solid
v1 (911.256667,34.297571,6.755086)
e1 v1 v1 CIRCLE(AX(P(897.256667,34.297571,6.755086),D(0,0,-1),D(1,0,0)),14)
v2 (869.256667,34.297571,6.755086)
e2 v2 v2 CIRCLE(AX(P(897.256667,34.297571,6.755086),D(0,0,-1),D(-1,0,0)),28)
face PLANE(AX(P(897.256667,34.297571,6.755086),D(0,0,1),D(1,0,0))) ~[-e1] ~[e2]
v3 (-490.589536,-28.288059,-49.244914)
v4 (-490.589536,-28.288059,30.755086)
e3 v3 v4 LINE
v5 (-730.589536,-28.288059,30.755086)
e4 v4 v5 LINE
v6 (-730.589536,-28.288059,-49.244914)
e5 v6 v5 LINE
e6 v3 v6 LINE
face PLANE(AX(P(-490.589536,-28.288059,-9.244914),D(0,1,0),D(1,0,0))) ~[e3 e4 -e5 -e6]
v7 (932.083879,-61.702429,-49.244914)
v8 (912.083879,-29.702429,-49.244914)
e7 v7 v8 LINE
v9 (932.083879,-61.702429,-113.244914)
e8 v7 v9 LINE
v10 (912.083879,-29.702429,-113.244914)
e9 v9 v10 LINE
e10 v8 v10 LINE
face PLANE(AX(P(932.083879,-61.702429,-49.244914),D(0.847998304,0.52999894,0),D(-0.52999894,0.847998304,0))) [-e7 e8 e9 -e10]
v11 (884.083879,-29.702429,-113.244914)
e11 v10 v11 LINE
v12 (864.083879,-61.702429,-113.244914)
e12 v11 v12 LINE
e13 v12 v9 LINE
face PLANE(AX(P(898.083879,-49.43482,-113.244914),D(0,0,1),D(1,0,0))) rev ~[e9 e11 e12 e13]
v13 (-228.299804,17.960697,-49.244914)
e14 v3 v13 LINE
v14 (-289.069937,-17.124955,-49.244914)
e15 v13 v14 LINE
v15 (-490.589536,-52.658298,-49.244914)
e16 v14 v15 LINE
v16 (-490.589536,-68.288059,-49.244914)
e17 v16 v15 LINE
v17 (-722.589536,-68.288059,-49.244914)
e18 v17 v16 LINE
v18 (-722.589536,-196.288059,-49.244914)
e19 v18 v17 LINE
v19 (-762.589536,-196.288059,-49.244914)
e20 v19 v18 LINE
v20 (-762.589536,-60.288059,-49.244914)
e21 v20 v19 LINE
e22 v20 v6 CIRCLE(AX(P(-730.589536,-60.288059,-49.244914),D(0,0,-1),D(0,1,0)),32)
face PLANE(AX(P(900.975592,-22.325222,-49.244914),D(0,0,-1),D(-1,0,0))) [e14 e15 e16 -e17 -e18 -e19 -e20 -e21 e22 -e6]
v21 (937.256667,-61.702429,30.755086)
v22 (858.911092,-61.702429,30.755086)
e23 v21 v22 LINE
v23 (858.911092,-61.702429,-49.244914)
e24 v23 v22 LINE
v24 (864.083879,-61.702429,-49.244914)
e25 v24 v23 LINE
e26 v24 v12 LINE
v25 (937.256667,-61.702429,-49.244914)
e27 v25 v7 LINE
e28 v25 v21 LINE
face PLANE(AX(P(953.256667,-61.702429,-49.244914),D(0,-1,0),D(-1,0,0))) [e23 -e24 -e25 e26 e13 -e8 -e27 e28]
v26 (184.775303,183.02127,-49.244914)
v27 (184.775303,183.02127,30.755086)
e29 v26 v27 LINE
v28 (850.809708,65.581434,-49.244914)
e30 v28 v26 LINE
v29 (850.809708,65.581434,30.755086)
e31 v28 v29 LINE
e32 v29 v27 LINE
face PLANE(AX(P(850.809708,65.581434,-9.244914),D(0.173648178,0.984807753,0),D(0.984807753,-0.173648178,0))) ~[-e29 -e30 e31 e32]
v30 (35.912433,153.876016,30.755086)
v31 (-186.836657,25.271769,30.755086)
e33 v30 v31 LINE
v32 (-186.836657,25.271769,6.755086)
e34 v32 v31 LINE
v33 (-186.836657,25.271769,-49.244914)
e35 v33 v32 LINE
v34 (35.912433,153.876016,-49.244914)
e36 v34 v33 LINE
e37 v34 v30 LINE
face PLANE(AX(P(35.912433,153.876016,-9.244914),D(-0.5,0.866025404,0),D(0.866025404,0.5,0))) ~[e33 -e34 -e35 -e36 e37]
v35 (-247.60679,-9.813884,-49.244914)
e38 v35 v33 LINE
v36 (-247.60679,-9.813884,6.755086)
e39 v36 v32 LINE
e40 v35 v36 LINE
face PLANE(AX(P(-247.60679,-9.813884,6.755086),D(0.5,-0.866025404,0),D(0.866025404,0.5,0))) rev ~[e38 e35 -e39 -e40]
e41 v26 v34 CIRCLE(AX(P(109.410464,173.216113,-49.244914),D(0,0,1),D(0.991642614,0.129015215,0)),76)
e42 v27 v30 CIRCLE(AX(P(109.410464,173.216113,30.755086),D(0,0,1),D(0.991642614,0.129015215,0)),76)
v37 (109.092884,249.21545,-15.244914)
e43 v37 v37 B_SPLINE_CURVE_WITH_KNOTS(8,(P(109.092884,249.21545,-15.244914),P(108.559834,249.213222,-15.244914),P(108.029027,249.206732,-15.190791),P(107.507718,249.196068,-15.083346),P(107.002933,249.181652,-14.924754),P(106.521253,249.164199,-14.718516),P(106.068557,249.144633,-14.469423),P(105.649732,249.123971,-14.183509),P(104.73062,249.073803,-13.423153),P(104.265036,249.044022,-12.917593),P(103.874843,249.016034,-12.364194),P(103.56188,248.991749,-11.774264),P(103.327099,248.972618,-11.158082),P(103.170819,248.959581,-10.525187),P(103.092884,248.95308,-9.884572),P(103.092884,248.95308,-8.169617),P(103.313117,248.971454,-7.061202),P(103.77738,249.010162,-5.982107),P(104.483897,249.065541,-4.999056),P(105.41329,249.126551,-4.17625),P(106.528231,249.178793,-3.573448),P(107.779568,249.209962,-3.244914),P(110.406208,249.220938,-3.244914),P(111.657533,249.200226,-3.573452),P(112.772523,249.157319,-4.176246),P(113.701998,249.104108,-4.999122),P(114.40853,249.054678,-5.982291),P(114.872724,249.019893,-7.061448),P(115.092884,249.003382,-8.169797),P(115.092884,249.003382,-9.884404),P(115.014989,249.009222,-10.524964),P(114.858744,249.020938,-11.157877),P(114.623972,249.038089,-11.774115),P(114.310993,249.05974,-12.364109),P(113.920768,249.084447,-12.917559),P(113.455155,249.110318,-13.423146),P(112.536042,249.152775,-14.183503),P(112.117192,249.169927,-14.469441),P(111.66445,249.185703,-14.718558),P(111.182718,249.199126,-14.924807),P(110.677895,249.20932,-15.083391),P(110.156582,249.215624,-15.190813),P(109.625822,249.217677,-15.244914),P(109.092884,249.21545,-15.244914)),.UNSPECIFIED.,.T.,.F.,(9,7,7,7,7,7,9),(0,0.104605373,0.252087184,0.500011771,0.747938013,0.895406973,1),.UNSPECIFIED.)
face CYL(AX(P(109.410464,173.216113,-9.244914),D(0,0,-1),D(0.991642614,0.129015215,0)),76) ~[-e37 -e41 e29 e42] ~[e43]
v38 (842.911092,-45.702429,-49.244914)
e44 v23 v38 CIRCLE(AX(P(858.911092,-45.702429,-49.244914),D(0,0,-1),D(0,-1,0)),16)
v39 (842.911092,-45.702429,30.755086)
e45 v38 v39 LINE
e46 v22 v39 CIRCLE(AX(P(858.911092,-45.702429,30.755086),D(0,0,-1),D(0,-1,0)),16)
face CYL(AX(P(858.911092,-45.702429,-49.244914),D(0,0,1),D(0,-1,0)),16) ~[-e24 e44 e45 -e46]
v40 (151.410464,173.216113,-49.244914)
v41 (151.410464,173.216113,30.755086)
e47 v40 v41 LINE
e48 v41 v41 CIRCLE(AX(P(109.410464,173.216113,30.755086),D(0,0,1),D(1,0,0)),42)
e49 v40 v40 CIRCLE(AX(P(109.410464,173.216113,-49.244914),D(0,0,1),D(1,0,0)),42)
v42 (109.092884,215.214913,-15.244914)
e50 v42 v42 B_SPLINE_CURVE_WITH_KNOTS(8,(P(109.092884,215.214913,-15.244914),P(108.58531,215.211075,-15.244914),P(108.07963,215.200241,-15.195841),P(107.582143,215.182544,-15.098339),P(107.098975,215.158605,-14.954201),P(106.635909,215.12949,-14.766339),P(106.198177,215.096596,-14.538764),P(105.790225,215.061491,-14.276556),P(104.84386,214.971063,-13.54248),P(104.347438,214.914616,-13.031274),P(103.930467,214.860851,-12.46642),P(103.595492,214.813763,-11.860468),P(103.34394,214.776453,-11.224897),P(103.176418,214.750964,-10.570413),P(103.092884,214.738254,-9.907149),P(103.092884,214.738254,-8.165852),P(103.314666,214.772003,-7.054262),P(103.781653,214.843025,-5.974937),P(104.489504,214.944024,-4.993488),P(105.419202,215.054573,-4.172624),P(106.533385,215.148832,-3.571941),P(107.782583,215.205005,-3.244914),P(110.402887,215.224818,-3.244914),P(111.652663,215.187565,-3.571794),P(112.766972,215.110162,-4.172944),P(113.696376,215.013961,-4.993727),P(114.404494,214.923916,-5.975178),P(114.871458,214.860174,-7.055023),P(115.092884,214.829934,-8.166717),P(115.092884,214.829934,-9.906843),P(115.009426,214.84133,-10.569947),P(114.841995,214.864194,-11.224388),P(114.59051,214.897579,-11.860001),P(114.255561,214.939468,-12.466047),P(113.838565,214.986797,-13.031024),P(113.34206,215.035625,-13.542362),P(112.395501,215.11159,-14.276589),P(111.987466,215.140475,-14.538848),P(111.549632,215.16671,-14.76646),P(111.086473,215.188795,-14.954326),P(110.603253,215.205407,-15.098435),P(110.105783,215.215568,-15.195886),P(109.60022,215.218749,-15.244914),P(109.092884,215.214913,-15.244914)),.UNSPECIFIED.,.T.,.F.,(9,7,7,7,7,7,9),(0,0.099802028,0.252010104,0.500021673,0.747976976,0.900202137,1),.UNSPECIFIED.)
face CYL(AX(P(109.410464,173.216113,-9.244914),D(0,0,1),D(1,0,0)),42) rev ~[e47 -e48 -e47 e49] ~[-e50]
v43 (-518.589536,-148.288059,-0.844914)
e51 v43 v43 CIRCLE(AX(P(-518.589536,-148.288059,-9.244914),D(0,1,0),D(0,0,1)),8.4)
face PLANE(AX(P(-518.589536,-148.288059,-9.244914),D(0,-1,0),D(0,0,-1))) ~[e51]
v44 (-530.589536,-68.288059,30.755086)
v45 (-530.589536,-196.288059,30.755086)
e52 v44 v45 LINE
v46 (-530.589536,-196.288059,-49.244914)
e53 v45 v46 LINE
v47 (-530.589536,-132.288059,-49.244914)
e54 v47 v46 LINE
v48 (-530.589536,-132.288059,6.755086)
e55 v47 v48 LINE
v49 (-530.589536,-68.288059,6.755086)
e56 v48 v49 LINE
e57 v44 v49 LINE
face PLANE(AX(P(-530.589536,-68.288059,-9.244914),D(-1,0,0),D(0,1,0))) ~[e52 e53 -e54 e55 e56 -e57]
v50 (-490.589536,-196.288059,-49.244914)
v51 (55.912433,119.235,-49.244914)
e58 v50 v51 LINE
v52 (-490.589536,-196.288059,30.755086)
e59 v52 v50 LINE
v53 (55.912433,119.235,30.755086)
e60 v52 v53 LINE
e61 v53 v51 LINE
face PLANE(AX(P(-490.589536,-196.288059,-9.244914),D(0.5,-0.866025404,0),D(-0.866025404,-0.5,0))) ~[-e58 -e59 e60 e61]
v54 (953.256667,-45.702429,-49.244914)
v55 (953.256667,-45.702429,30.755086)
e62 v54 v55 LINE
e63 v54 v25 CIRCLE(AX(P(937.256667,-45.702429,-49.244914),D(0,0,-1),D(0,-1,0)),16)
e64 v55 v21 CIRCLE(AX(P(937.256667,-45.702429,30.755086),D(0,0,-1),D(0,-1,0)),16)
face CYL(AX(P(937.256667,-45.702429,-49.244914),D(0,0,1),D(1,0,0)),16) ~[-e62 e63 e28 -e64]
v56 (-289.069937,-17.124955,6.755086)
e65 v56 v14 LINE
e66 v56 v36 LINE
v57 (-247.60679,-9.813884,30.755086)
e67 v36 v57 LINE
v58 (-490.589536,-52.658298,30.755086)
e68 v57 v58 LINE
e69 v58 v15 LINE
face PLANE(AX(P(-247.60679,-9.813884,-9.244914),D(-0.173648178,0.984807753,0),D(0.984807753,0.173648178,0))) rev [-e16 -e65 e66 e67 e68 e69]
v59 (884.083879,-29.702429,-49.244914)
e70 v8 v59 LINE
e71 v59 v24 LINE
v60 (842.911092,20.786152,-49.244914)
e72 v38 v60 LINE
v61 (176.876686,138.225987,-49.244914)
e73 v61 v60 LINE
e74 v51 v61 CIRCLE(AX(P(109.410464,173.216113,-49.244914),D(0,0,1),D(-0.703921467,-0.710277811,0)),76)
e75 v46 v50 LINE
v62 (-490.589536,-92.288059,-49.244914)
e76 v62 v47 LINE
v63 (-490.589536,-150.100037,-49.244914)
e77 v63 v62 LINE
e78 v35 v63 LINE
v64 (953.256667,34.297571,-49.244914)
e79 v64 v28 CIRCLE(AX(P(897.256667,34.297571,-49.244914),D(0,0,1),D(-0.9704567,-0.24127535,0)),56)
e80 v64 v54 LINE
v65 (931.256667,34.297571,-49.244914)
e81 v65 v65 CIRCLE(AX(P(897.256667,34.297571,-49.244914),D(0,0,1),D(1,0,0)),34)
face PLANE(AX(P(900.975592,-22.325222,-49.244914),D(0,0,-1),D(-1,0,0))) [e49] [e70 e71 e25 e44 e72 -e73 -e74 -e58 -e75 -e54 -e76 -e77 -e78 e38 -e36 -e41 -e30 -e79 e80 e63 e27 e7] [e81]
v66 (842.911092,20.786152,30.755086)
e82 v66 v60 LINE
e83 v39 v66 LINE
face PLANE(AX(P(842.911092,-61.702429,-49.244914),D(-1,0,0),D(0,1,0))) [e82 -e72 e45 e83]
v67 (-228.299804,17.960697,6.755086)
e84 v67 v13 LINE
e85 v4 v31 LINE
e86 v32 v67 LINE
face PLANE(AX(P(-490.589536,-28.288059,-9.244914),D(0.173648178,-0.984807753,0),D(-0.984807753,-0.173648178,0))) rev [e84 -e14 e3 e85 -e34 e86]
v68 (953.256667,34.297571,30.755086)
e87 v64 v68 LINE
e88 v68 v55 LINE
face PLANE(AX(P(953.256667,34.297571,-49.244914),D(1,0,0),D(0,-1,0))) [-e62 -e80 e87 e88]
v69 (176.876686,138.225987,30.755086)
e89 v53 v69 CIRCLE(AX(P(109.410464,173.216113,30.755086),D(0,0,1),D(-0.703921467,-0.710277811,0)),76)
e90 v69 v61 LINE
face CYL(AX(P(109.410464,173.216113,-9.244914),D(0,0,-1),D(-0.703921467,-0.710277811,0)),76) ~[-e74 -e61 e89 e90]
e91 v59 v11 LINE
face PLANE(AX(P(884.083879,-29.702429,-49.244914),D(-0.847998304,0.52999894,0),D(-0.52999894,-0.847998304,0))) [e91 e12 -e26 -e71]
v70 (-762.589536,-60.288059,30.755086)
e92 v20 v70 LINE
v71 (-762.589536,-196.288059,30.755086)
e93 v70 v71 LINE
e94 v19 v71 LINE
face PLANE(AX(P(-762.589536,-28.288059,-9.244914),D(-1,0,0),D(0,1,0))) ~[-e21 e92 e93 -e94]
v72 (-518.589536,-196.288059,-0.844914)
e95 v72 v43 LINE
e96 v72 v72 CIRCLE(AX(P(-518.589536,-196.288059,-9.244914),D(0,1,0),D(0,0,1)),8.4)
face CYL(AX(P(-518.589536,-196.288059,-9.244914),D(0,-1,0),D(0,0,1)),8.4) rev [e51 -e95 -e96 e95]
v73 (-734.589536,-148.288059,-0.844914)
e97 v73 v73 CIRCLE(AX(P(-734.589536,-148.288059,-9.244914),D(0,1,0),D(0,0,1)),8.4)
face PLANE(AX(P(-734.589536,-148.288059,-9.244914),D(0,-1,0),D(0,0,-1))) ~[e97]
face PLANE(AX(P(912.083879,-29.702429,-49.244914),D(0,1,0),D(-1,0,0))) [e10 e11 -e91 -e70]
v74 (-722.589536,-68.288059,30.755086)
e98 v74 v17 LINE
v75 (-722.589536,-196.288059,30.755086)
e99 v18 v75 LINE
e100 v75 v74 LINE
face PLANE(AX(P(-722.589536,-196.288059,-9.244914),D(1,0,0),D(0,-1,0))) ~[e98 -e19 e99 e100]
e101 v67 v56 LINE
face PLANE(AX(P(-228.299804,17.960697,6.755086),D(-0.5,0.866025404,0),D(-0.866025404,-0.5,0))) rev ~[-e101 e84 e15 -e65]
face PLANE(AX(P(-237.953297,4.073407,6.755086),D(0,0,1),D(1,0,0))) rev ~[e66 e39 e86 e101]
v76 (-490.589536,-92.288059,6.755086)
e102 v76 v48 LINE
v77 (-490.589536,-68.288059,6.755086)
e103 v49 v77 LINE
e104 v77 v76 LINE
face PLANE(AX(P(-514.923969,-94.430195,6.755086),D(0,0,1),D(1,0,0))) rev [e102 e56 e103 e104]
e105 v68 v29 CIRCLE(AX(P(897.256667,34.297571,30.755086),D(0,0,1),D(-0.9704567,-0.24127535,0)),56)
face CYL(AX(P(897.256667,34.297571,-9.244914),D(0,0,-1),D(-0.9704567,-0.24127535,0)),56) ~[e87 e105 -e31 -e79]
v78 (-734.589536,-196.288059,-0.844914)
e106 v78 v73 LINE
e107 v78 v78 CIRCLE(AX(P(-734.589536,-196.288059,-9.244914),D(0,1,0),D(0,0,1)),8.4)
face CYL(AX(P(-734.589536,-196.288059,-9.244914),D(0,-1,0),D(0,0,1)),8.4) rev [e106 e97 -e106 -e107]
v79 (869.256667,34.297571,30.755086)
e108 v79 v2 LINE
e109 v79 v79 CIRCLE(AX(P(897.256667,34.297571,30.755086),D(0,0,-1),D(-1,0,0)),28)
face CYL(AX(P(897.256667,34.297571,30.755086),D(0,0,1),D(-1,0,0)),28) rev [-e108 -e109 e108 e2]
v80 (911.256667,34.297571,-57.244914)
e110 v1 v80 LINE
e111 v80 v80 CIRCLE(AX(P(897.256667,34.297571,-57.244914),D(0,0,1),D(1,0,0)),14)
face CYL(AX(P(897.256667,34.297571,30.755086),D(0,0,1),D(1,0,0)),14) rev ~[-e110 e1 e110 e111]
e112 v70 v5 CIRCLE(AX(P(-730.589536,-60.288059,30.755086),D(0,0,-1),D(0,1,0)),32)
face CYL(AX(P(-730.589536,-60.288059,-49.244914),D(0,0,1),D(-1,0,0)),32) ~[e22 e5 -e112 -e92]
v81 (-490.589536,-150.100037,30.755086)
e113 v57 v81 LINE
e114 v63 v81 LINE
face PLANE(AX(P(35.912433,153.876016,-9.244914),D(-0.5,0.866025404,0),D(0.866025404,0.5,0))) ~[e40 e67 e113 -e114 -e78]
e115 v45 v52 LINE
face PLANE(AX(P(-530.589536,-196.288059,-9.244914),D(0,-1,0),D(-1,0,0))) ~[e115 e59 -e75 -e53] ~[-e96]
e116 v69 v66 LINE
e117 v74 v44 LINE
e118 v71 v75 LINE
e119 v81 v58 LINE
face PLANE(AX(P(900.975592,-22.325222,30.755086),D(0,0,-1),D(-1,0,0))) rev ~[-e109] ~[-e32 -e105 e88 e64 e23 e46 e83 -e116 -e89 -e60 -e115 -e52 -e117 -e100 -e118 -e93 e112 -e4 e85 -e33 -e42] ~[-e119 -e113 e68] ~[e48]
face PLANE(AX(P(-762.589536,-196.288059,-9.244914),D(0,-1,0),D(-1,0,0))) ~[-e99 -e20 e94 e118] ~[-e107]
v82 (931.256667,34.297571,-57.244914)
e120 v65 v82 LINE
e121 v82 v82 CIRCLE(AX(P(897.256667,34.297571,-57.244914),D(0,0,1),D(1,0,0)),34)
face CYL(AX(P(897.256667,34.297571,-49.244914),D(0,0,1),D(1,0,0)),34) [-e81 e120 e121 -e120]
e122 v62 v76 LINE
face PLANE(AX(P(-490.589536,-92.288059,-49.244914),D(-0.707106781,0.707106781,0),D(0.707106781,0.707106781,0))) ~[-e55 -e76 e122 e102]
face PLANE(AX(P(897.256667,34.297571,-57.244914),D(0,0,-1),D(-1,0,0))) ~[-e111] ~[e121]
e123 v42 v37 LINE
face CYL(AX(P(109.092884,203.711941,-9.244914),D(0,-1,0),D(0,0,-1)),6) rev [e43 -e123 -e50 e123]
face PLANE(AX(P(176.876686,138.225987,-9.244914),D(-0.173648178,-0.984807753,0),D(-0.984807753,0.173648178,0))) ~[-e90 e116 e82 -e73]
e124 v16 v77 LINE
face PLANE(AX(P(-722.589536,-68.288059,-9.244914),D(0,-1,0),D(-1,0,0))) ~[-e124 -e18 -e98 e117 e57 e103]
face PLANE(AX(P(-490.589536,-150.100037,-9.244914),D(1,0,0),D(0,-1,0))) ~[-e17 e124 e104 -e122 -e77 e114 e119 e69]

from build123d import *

# Parameters (mm, degrees)
SKICA1_R                 = 5.25
P_IDAT_VYSUNUT_M1_DEPTH  = 5
ZAOBLIT1_R               = 4
P_IDAT_VYSUNUT_M3_DEPTH  = 5
SKICA5_R                 = 4.25
SKICA5_R_2               = 1.75
P_IDAT_VYSUNUT_M4_DEPTH  = 1
SKICA8_R                 = 1.05
ODEBRAT_VYSUNUT_M3_DEPTH = 6
ODEBRAT_VYSUNUT_M4_DEPTH = 7
ODEBRAT_START            = -10
SKICA2_R                 = 1.75
ODEBRAT_VYSUNUT_M5_DEPTH = 10
SKICA10_R                = 3.5
ODEBRAT_VYSUNUT_M6_DEPTH = 3
ODEBRAT_START_2          = 50
SKICA11_R                = 0.75
ODEBRAT_VYSUNUT_M7_DEPTH = 10
P_IDAT_VYSUNUT_M5_DEPTH  = 10
P_IDAT_VYSUNUT_M6_DEPTH  = 8
ZAOBLIT2_R               = 2
ODEBRAT_START_3          = -7
ODEBRAT_VYSUNUT_M8_DEPTH = 7
SCALE1_SCALE             = 8


with BuildPart() as part:
    # Skica1 → Přidat vysunutím1 (new, symmetric)
    with BuildSketch(Plane.XY):
        with BuildLine():
            Line((0, 0), (0, 16))
            Line((0, 16), (24, 16))
            Line((24, 16), (24, 0))
            Line((24, 0), (29, 0))
            Line((29, 0), (97.312746067, 39.440382331))
            ThreePointArc((97.312746067, 39.440382331), (105.473420704, 36.802978572), (112.433277726, 41.81425579))
            Line((112.433277726, 41.81425579), (195.687578405, 27.134276321))
            ThreePointArc((195.687578405, 27.134276321), (209.374429572, 27.607666525), (196.674905514, 32.733686604))
            Line((196.674905514, 32.733686604), (113.420604835, 47.413666074))
            ThreePointArc((113.420604835, 47.413666074), (102.174688824, 55.511016714), (94.812746067, 43.77050935))
            Line((94.812746067, 43.77050935), (29, 5.773502692))
            Line((29, 5.773502692), (29, 21))
            Line((29, 21), (-5, 21))
            Line((-5, 21), (-5, 0))
            Line((-5, 0), (0, 0))
        make_face()
        with Locations((104, 46.188021535)):
            Circle(SKICA1_R, mode=Mode.SUBTRACT)
    extrude(amount=P_IDAT_VYSUNUT_M1_DEPTH, both=True)

    # Zaoblit1
    zaoblit1_edges = [part.edges().sort_by_distance(p)[0] for p in [
        (-5, 21, 0),
    ]]
    fillet(zaoblit1_edges, radius=ZAOBLIT1_R)

    # Skica4 → Přidat vysunutím3 (add, symmetric)
    with BuildSketch(Plane.XY):
        Polygon((29, 21), (66.969109888, 27.694978507), (59.37284323, 23.309271907), (29, 17.953720164), align=None)
    extrude(amount=P_IDAT_VYSUNUT_M3_DEPTH, both=True)

    # Skica5 → Přidat vysunutím4 (add)
    with BuildSketch(Plane.XY.offset(5)):
        with Locations((202.480775301, 28.823203768)):
            Circle(SKICA5_R)
        with Locations((202.480775301, 28.823203768)):
            Circle(SKICA5_R_2, mode=Mode.SUBTRACT)
    extrude(amount=P_IDAT_VYSUNUT_M4_DEPTH)

    # Skica8 → Odebrat vysunutím3 (cut)
    with BuildSketch(Plane.XZ):
        with Locations(Location((-1.5, 0, 0), (0, 0, 270))):
            Circle(SKICA8_R)
        with Locations(Location((25.5, 0, 0), (0, 0, 270))):
            Circle(SKICA8_R)
    extrude(amount=-ODEBRAT_VYSUNUT_M3_DEPTH, mode=Mode.SUBTRACT)

    # Skica9 → Odebrat vysunutím4 (cut)
    with BuildSketch(Plane.XY.offset(5)):
        Polygon((24, 16), (29, 16), (29, 13), (24, 8), align=None)
    extrude(amount=-ODEBRAT_VYSUNUT_M4_DEPTH, mode=Mode.SUBTRACT)

    # Skica2 → Odebrat vysunutím5 (cut)
    with BuildSketch(Plane.XY.offset(5).offset(ODEBRAT_START)):
        with Locations((202.480775301, 28.823203768)):
            Circle(SKICA2_R)
    extrude(amount=ODEBRAT_VYSUNUT_M5_DEPTH, mode=Mode.SUBTRACT)

    # Skica10 → Odebrat vysunutím6 (cut)
    with BuildSketch(Plane(origin=(0, 0, -5), x_dir=(-1, 0, 0), z_dir=(0, 0, -1))):
        with Locations((-202.480775301, 28.823203768)):
            Circle(SKICA10_R)
    extrude(amount=-ODEBRAT_VYSUNUT_M6_DEPTH, mode=Mode.SUBTRACT)


with BuildPart() as body_2:
    # Zrcadlit1: mirrored copy
    add(part.part.mirror(Plane(origin=(93.65445241, 28.310869093, -5), x_dir=(1, 0, 0), z_dir=(0, 0, -1))))

    # Skica11 → Odebrat vysunutím7 (cut)
    with BuildSketch(Plane(origin=(0, 0, 0), x_dir=(1, 0, 0), z_dir=(0, 1, 0)).offset(ODEBRAT_START_2)):
        with Locations(Location((103.960302418, 10, 0), (0, 0, 90))):
            Circle(SKICA11_R)
    extrude(amount=ODEBRAT_VYSUNUT_M7_DEPTH, mode=Mode.SUBTRACT)

    # Skica12 → Přidat vysunutím5 (add)
    with BuildSketch(Plane(origin=(0, 0, -15), x_dir=(-1, 0, 0), z_dir=(0, 0, -1))):
        with BuildLine():
            Line((-209.480775301, 28.823203768), (-209.480775301, 16.823203768))
            Line((-209.480775301, 16.823203768), (-195.687578405, 16.823203768))
            Line((-195.687578405, 16.823203768), (-195.687578405, 27.134276321))
            ThreePointArc((-195.687578405, 27.134276321), (-203.331546047, 21.875096894), (-209.480775301, 28.823203768))
        make_face()
    extrude(amount=-P_IDAT_VYSUNUT_M5_DEPTH)

    # Skica13 → Přidat vysunutím6 (add)
    with BuildSketch(Plane(origin=(0, 0, -15), x_dir=(-1, 0, 0), z_dir=(0, 0, -1))):
        Polygon((-204.334176853, 20.823203768), (-200.834176853, 20.823203768), (-198.334176853, 16.823203768), (-206.834176853, 16.823203768), align=None)
    extrude(amount=P_IDAT_VYSUNUT_M6_DEPTH)

    # Zaoblit2
    zaoblit2_edges = [body_2.edges().sort_by_distance(p)[0] for p in [
        (195.687578405, 16.823203768, -10),
        (209.480775301, 16.823203768, -10),
    ]]
    fillet(zaoblit2_edges, radius=ZAOBLIT2_R)

    # Skica14 → Odebrat vysunutím8 (cut)
    with BuildSketch(Plane(origin=(0, 0, -15), x_dir=(-1, 0, 0), z_dir=(0, 0, -1)).offset(ODEBRAT_START_3)):
        Polygon((-59.37284323, 23.309271907), (-66.969109888, 27.694978507), (-61.786216453, 26.781094556), (-54.189949795, 22.395387956), align=None)
    extrude(amount=ODEBRAT_VYSUNUT_M8_DEPTH, mode=Mode.SUBTRACT)


with BuildPart() as body_2_1:
    # Scale1: scaled about (103.22707652, 28.04115128, -10.107869414)
    add(body_2.part.scale(SCALE1_SCALE).moved(Location((-722.58953564, -196.28805896, 70.755085898))))


solid = body_2_1.part
